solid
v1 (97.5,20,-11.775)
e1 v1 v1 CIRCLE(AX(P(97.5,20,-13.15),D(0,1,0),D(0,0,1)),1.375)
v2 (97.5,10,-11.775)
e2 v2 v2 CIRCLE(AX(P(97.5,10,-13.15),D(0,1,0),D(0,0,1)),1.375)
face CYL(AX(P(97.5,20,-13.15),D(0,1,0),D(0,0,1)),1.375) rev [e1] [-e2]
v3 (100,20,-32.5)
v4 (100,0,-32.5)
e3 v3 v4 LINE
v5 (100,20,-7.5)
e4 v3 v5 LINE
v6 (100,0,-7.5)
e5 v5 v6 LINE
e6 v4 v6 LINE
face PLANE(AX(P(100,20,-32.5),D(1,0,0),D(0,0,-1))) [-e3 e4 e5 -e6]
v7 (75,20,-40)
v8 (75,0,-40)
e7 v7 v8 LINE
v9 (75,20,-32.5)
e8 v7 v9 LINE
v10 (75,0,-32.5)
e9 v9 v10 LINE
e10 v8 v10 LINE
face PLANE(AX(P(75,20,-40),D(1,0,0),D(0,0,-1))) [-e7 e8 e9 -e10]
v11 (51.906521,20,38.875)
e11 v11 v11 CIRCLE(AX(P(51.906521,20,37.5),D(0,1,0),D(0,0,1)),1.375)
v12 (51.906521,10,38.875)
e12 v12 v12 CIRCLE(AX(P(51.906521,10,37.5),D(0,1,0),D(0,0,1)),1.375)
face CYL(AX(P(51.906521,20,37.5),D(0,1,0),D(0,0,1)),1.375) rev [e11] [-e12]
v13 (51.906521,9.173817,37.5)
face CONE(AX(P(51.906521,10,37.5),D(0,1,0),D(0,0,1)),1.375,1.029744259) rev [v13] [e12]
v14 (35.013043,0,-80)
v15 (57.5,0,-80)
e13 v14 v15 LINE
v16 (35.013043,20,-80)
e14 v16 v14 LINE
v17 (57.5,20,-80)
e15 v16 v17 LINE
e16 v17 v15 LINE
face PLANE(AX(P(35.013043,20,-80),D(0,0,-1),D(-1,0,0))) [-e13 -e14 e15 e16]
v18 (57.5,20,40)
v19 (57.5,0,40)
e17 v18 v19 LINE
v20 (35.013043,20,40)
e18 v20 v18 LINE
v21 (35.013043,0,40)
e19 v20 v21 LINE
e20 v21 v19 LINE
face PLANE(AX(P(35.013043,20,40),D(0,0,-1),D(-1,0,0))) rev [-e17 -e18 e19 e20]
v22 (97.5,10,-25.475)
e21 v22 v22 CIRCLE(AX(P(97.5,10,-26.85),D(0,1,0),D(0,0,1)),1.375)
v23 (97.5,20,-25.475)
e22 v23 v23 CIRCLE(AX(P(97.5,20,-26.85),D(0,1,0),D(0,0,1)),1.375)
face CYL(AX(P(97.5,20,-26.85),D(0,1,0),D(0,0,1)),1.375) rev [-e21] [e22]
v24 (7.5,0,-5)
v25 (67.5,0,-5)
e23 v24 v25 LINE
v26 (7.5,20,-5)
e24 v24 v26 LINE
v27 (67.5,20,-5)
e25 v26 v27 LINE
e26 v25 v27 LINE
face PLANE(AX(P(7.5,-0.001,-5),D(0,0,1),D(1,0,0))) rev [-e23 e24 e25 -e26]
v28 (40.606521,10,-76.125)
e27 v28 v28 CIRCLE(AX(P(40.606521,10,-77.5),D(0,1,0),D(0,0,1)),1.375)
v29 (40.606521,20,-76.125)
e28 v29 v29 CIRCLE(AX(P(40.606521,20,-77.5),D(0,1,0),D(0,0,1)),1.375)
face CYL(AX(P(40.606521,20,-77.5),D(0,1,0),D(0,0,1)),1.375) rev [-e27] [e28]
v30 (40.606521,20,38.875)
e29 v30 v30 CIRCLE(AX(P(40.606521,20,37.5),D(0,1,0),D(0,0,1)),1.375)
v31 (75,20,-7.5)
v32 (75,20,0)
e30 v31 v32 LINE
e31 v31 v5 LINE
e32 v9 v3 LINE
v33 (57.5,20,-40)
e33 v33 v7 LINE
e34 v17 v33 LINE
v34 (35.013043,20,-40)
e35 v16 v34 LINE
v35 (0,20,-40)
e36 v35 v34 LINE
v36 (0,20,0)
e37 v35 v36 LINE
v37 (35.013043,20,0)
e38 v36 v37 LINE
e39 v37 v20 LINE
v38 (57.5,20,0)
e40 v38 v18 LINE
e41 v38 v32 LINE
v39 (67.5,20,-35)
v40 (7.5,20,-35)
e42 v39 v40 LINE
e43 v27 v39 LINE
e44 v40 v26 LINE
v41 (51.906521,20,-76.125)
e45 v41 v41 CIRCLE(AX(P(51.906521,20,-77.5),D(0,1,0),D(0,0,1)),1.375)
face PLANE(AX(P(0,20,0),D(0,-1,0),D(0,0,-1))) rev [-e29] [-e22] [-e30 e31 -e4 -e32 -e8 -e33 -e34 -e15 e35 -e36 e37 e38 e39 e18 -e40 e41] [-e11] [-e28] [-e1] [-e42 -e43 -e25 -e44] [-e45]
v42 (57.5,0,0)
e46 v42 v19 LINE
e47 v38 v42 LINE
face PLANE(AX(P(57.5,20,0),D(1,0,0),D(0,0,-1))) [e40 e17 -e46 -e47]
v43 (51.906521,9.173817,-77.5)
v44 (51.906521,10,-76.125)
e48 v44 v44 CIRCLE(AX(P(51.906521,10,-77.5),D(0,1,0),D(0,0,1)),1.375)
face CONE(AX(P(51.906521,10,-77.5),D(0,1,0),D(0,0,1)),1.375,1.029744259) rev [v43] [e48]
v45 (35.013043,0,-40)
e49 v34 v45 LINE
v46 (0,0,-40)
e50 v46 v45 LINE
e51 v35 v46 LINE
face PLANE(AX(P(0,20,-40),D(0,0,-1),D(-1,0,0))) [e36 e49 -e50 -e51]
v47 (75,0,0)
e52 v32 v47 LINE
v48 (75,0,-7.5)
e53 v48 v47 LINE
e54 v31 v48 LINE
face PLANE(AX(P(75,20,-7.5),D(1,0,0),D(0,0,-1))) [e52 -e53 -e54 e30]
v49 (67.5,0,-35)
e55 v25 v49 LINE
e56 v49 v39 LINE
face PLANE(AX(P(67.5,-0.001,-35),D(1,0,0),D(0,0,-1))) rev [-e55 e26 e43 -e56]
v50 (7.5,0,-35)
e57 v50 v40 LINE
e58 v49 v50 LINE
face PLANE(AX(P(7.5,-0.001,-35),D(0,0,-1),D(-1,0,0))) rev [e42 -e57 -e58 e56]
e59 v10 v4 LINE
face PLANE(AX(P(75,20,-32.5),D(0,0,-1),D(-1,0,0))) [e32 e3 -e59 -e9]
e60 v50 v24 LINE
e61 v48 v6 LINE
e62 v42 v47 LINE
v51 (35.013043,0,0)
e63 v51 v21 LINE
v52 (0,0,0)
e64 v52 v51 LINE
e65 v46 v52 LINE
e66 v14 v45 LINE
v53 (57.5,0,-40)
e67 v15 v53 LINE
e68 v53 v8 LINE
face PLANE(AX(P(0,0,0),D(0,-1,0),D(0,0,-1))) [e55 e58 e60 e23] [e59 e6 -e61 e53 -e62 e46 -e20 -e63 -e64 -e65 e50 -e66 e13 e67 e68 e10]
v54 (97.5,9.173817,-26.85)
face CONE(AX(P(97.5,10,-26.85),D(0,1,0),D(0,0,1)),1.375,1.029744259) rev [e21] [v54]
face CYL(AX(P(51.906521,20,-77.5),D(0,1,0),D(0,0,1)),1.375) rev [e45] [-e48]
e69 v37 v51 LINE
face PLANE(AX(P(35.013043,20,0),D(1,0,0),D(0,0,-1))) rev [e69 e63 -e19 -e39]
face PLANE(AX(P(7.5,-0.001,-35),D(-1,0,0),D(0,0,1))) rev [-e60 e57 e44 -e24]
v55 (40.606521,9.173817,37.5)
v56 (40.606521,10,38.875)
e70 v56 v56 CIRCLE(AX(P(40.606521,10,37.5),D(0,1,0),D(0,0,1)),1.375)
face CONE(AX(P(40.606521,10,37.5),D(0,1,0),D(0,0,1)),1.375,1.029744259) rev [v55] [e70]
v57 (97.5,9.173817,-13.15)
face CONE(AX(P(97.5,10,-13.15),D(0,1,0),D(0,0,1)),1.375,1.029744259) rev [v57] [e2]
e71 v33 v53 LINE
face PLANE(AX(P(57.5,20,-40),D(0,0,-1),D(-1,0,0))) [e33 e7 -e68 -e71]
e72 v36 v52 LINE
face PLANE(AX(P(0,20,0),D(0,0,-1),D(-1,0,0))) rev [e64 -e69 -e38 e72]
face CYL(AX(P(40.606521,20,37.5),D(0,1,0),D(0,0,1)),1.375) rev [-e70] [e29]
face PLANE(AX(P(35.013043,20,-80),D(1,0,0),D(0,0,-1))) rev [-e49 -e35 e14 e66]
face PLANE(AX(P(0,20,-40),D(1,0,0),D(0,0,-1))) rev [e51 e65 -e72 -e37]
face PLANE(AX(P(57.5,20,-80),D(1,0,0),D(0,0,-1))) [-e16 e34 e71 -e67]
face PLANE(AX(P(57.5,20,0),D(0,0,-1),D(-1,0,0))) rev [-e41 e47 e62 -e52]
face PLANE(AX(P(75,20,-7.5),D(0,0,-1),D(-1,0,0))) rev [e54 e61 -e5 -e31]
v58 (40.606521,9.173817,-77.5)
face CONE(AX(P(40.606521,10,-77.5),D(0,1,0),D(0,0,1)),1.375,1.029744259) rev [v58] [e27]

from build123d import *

# Parameters (mm, degrees)
BOSS_EXTRUDE1_DEPTH       = 20
CUT_EXTRUDE1_REACH        = 131.615
SKETCH3_W                 = 60
SKETCH3_H                 = 30
F_1_0MM_DOWEL_HOLE4_D     = 2.75
F_1_0MM_DOWEL_HOLE4_DEPTH = 10
F_1_0MM_DOWEL_HOLE4_TIP   = 0.826183351


with BuildPart() as part:
    # Sketch2 → Boss-Extrude1 (new body)
    with BuildSketch(Plane(origin=(0, 0, 0), x_dir=(1, 0, 0), z_dir=(0, 1, 0))):
        Polygon((57.5, 0), (57.5, -40), (35.013042541, -40), (35.013042541, 0), (0, 0), (0, 40), (35.013042541, 40), (35.013042541, 80), (57.5, 80), (57.5, 40), (75, 40), (75, 32.5), (100, 32.5), (100, 7.5), (75, 7.5), (75, 0), align=None)
    extrude(amount=BOSS_EXTRUDE1_DEPTH)

    # Sketch3 → Cut-Extrude1 (cut, up to next)
    with BuildSketch(Plane(origin=(0, 20, 0), x_dir=(1, 0, 0), z_dir=(0, 1, 0)), mode=Mode.PRIVATE) as cut_extrude1_sk1:
        with Locations((37.5, 20)):
            Rectangle(SKETCH3_W, SKETCH3_H)
    cut_extrude1_tool1 = extrude(cut_extrude1_sk1.sketch, amount=-CUT_EXTRUDE1_REACH, mode=Mode.PRIVATE) & part.part
    add(cut_extrude1_tool1.solids().sort_by_distance((37.5, 20, -20))[0], mode=Mode.SUBTRACT)

    # Ø1.0mm Dowel Hole4
    with Locations(Plane(origin=(0, 20, 0), x_dir=(1, 0, 0), z_dir=(0, 1, 0))):
        with Locations((51.90652127, 77.5), (40.60652127, -37.5), (51.90652127, -37.5), (97.5, 13.15), (97.5, 26.85), (40.60652127, 77.5)):
            Hole(F_1_0MM_DOWEL_HOLE4_D / 2, depth=F_1_0MM_DOWEL_HOLE4_DEPTH)
            with Locations((0, 0, -(F_1_0MM_DOWEL_HOLE4_DEPTH + F_1_0MM_DOWEL_HOLE4_TIP / 2))):  # 118° drill point
                Cone(0, F_1_0MM_DOWEL_HOLE4_D / 2, F_1_0MM_DOWEL_HOLE4_TIP, mode=Mode.SUBTRACT)


solid = part.part
